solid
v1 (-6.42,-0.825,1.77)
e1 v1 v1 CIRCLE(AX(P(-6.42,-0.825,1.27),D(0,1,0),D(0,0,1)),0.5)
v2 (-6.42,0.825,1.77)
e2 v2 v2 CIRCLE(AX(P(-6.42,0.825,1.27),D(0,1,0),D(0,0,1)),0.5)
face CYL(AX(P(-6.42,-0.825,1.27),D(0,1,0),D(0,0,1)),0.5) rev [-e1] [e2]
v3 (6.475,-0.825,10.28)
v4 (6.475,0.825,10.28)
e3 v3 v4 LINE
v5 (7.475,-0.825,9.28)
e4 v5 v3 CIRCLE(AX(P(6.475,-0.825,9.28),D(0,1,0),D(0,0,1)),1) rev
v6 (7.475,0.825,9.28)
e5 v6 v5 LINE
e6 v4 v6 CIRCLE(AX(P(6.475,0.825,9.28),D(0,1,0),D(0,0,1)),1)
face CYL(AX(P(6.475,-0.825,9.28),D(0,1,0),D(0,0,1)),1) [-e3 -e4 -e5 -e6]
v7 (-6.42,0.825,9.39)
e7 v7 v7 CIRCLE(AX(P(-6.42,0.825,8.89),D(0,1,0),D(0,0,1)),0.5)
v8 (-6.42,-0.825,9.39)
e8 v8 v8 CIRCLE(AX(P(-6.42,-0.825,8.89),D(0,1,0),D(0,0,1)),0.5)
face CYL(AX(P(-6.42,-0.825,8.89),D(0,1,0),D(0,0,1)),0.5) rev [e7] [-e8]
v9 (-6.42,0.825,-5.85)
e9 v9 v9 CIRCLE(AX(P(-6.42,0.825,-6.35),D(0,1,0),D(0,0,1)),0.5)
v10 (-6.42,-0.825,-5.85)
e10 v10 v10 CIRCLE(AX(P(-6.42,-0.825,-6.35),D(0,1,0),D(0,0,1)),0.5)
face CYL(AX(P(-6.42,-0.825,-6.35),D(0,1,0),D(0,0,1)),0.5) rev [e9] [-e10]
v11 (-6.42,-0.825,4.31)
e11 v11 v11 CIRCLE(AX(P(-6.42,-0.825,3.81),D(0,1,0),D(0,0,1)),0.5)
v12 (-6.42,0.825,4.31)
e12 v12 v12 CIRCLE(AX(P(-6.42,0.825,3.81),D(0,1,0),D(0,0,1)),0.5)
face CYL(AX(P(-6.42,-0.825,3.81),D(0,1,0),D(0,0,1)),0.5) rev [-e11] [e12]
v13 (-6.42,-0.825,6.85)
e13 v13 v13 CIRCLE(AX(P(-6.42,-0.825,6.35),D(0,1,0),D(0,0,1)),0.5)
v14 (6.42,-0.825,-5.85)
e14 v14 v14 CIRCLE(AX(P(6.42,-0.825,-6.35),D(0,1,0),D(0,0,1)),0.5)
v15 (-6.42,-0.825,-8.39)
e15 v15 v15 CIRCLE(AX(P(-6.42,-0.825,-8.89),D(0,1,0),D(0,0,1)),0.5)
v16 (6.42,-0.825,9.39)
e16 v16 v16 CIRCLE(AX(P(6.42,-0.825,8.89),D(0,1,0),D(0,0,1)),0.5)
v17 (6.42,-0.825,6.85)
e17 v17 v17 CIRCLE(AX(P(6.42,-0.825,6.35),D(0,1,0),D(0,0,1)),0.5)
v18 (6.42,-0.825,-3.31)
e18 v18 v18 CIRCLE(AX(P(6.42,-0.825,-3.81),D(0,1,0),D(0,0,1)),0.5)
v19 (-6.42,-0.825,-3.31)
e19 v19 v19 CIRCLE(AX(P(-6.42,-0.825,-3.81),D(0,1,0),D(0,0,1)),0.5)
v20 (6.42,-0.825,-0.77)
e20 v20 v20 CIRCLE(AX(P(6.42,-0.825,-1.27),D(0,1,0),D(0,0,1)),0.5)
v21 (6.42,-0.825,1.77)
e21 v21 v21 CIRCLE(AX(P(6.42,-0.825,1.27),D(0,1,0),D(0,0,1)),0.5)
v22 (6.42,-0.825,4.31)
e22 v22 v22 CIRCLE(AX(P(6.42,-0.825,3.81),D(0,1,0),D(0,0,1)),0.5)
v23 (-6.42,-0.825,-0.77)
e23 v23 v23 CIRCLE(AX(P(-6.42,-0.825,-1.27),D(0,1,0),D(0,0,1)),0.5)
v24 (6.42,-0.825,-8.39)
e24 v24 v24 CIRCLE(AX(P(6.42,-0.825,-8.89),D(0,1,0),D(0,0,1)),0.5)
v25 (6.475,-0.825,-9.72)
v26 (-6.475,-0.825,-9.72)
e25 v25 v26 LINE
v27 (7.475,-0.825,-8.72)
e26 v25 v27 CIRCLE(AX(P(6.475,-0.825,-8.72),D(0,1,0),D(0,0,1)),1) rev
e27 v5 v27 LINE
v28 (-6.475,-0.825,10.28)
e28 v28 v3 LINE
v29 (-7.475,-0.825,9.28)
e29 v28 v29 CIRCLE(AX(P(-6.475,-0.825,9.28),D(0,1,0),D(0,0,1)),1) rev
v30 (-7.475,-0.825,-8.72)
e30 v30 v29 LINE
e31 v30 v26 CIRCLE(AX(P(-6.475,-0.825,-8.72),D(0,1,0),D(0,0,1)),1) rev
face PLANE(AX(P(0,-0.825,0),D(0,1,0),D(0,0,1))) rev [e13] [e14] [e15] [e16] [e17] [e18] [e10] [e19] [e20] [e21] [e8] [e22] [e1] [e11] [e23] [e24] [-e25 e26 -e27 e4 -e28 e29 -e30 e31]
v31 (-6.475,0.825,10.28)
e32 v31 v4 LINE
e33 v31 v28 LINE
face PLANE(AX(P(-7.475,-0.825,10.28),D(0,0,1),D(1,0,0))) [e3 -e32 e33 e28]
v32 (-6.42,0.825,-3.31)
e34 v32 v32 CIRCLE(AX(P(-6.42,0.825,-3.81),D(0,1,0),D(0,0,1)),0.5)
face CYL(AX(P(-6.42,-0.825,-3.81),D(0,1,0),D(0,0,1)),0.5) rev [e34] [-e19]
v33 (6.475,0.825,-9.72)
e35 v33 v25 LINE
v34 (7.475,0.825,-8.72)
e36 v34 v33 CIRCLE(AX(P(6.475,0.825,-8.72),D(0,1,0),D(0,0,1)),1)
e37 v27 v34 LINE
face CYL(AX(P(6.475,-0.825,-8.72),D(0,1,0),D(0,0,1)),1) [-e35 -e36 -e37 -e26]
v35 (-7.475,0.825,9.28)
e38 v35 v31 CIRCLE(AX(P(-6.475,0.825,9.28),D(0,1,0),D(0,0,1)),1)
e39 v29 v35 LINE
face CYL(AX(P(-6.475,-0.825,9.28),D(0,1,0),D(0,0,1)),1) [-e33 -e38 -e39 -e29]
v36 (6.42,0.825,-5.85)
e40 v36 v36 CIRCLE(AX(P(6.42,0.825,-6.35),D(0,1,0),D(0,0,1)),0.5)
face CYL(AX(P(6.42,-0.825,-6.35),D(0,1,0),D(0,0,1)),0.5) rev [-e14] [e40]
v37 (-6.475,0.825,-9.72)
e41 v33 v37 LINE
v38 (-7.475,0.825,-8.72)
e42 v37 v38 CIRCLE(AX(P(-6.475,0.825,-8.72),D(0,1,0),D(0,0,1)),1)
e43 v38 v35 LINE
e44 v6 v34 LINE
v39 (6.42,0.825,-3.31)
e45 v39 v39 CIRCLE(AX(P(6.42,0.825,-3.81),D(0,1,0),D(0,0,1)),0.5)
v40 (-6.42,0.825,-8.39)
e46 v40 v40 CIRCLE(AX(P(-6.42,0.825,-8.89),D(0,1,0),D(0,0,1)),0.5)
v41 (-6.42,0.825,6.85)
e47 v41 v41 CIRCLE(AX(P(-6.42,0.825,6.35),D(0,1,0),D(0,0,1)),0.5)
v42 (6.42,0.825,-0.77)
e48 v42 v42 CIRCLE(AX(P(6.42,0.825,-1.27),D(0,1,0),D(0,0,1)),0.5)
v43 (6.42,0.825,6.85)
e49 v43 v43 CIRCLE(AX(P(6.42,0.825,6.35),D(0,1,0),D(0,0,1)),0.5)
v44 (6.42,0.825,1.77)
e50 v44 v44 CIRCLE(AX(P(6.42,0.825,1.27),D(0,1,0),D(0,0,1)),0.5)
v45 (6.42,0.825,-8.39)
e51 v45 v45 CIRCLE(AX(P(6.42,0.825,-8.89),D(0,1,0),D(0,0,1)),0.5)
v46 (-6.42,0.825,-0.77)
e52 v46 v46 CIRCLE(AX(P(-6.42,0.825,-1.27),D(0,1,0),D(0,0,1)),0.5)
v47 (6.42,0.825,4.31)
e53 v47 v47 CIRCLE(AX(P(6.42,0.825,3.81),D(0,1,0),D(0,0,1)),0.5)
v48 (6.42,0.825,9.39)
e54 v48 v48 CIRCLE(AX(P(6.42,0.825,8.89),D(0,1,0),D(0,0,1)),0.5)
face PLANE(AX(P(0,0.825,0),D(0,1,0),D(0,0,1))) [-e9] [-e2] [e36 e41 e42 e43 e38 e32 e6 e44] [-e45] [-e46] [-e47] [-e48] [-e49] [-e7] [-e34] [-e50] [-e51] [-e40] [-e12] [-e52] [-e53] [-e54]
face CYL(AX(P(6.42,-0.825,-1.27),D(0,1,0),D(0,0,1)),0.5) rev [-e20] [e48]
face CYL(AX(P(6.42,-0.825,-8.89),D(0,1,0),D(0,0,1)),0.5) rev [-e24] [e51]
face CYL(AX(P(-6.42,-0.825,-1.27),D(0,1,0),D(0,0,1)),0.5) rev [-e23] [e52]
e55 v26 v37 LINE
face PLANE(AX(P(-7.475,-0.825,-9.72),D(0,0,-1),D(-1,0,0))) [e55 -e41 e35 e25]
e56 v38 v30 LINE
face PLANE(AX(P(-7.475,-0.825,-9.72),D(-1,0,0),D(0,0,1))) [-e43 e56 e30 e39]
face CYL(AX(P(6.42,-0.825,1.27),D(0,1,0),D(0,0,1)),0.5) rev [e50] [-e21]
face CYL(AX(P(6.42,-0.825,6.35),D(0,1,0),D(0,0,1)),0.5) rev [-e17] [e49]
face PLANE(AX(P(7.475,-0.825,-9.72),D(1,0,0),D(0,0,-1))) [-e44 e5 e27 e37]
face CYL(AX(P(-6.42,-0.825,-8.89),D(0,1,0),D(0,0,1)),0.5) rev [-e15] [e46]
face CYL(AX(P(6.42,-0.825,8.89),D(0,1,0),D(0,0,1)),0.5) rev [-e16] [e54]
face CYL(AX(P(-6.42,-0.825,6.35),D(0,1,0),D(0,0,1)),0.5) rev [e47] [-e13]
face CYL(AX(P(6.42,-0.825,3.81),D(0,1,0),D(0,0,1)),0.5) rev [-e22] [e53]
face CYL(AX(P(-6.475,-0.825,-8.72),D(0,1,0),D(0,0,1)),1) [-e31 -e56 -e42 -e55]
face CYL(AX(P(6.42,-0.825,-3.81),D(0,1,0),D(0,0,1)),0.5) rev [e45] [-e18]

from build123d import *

# Parameters (mm, degrees)
SKETCH1_W            = 17.92
SKETCH1_H            = 22.86
BOSS_EXTRUDE1_DEPTH  = 0.825
SKETCH3_R            = 0.5
CUT_EXTRUDE1_DEPTH   = 15.546722139
LPATTERN1_COUNT      = 8
LPATTERN1_PITCH      = 2.54
LPATTERN1_COUNT_DIR2 = 2
LPATTERN1_PITCH_DIR2 = 12.84
SKETCH4_W            = 18.95
SKETCH4_H            = 24
SKETCH4_W_2          = 14.95
SKETCH4_H_2          = 20
CUT_EXTRUDE2_DEPTH   = 15.616736982
FILLET1_R            = 1


with BuildPart() as part:
    # Sketch1 → Boss-Extrude1 (new, symmetric)
    with BuildSketch(Plane(origin=(0, 0, 0), x_dir=(1, 0, 0), z_dir=(0, 1, 0))):
        Rectangle(SKETCH1_W, SKETCH1_H)
    extrude(amount=BOSS_EXTRUDE1_DEPTH, both=True)

    # Sketch3 → Cut-Extrude1 (cut, symmetric)
    with BuildSketch(Plane(origin=(0, 0, 0), x_dir=(1, 0, 0), z_dir=(0, 1, 0))):
        with Locations(Location((-6.42, -8.89, 0), (0, 0, 270))):
            Circle(SKETCH3_R)
    cut_extrude1 = extrude(amount=CUT_EXTRUDE1_DEPTH, both=True, mode=Mode.SUBTRACT)

    # LPattern1: Cut-Extrude1 8 × 2
    with Locations(*[(j * LPATTERN1_PITCH_DIR2, 0, -i * LPATTERN1_PITCH) for i in range(LPATTERN1_COUNT) for j in range(LPATTERN1_COUNT_DIR2) if (i, j) != (0, 0)]):
        add(cut_extrude1, mode=Mode.SUBTRACT)

    # Sketch4 → Cut-Extrude2 (cut, through all)
    with BuildSketch(Plane(origin=(0, 0.825, 0), x_dir=(1, 0, 0), z_dir=(0, 1, 0))):
        with Locations((0, -0.28)):
            Rectangle(SKETCH4_W, SKETCH4_H)
        with Locations((0, -0.28)):
            Rectangle(SKETCH4_W_2, SKETCH4_H_2, mode=Mode.SUBTRACT)
    extrude(amount=-CUT_EXTRUDE2_DEPTH, mode=Mode.SUBTRACT)

    # Fillet1
    fillet1_edges = [part.edges().sort_by_distance(p)[0] for p in [
        (-7.475, 0, -9.72),
        (7.475, 0, -9.72),
        (7.475, 0, 10.28),
        (-7.475, 0, 10.28),
    ]]
    fillet(fillet1_edges, radius=FILLET1_R)


solid = part.part
